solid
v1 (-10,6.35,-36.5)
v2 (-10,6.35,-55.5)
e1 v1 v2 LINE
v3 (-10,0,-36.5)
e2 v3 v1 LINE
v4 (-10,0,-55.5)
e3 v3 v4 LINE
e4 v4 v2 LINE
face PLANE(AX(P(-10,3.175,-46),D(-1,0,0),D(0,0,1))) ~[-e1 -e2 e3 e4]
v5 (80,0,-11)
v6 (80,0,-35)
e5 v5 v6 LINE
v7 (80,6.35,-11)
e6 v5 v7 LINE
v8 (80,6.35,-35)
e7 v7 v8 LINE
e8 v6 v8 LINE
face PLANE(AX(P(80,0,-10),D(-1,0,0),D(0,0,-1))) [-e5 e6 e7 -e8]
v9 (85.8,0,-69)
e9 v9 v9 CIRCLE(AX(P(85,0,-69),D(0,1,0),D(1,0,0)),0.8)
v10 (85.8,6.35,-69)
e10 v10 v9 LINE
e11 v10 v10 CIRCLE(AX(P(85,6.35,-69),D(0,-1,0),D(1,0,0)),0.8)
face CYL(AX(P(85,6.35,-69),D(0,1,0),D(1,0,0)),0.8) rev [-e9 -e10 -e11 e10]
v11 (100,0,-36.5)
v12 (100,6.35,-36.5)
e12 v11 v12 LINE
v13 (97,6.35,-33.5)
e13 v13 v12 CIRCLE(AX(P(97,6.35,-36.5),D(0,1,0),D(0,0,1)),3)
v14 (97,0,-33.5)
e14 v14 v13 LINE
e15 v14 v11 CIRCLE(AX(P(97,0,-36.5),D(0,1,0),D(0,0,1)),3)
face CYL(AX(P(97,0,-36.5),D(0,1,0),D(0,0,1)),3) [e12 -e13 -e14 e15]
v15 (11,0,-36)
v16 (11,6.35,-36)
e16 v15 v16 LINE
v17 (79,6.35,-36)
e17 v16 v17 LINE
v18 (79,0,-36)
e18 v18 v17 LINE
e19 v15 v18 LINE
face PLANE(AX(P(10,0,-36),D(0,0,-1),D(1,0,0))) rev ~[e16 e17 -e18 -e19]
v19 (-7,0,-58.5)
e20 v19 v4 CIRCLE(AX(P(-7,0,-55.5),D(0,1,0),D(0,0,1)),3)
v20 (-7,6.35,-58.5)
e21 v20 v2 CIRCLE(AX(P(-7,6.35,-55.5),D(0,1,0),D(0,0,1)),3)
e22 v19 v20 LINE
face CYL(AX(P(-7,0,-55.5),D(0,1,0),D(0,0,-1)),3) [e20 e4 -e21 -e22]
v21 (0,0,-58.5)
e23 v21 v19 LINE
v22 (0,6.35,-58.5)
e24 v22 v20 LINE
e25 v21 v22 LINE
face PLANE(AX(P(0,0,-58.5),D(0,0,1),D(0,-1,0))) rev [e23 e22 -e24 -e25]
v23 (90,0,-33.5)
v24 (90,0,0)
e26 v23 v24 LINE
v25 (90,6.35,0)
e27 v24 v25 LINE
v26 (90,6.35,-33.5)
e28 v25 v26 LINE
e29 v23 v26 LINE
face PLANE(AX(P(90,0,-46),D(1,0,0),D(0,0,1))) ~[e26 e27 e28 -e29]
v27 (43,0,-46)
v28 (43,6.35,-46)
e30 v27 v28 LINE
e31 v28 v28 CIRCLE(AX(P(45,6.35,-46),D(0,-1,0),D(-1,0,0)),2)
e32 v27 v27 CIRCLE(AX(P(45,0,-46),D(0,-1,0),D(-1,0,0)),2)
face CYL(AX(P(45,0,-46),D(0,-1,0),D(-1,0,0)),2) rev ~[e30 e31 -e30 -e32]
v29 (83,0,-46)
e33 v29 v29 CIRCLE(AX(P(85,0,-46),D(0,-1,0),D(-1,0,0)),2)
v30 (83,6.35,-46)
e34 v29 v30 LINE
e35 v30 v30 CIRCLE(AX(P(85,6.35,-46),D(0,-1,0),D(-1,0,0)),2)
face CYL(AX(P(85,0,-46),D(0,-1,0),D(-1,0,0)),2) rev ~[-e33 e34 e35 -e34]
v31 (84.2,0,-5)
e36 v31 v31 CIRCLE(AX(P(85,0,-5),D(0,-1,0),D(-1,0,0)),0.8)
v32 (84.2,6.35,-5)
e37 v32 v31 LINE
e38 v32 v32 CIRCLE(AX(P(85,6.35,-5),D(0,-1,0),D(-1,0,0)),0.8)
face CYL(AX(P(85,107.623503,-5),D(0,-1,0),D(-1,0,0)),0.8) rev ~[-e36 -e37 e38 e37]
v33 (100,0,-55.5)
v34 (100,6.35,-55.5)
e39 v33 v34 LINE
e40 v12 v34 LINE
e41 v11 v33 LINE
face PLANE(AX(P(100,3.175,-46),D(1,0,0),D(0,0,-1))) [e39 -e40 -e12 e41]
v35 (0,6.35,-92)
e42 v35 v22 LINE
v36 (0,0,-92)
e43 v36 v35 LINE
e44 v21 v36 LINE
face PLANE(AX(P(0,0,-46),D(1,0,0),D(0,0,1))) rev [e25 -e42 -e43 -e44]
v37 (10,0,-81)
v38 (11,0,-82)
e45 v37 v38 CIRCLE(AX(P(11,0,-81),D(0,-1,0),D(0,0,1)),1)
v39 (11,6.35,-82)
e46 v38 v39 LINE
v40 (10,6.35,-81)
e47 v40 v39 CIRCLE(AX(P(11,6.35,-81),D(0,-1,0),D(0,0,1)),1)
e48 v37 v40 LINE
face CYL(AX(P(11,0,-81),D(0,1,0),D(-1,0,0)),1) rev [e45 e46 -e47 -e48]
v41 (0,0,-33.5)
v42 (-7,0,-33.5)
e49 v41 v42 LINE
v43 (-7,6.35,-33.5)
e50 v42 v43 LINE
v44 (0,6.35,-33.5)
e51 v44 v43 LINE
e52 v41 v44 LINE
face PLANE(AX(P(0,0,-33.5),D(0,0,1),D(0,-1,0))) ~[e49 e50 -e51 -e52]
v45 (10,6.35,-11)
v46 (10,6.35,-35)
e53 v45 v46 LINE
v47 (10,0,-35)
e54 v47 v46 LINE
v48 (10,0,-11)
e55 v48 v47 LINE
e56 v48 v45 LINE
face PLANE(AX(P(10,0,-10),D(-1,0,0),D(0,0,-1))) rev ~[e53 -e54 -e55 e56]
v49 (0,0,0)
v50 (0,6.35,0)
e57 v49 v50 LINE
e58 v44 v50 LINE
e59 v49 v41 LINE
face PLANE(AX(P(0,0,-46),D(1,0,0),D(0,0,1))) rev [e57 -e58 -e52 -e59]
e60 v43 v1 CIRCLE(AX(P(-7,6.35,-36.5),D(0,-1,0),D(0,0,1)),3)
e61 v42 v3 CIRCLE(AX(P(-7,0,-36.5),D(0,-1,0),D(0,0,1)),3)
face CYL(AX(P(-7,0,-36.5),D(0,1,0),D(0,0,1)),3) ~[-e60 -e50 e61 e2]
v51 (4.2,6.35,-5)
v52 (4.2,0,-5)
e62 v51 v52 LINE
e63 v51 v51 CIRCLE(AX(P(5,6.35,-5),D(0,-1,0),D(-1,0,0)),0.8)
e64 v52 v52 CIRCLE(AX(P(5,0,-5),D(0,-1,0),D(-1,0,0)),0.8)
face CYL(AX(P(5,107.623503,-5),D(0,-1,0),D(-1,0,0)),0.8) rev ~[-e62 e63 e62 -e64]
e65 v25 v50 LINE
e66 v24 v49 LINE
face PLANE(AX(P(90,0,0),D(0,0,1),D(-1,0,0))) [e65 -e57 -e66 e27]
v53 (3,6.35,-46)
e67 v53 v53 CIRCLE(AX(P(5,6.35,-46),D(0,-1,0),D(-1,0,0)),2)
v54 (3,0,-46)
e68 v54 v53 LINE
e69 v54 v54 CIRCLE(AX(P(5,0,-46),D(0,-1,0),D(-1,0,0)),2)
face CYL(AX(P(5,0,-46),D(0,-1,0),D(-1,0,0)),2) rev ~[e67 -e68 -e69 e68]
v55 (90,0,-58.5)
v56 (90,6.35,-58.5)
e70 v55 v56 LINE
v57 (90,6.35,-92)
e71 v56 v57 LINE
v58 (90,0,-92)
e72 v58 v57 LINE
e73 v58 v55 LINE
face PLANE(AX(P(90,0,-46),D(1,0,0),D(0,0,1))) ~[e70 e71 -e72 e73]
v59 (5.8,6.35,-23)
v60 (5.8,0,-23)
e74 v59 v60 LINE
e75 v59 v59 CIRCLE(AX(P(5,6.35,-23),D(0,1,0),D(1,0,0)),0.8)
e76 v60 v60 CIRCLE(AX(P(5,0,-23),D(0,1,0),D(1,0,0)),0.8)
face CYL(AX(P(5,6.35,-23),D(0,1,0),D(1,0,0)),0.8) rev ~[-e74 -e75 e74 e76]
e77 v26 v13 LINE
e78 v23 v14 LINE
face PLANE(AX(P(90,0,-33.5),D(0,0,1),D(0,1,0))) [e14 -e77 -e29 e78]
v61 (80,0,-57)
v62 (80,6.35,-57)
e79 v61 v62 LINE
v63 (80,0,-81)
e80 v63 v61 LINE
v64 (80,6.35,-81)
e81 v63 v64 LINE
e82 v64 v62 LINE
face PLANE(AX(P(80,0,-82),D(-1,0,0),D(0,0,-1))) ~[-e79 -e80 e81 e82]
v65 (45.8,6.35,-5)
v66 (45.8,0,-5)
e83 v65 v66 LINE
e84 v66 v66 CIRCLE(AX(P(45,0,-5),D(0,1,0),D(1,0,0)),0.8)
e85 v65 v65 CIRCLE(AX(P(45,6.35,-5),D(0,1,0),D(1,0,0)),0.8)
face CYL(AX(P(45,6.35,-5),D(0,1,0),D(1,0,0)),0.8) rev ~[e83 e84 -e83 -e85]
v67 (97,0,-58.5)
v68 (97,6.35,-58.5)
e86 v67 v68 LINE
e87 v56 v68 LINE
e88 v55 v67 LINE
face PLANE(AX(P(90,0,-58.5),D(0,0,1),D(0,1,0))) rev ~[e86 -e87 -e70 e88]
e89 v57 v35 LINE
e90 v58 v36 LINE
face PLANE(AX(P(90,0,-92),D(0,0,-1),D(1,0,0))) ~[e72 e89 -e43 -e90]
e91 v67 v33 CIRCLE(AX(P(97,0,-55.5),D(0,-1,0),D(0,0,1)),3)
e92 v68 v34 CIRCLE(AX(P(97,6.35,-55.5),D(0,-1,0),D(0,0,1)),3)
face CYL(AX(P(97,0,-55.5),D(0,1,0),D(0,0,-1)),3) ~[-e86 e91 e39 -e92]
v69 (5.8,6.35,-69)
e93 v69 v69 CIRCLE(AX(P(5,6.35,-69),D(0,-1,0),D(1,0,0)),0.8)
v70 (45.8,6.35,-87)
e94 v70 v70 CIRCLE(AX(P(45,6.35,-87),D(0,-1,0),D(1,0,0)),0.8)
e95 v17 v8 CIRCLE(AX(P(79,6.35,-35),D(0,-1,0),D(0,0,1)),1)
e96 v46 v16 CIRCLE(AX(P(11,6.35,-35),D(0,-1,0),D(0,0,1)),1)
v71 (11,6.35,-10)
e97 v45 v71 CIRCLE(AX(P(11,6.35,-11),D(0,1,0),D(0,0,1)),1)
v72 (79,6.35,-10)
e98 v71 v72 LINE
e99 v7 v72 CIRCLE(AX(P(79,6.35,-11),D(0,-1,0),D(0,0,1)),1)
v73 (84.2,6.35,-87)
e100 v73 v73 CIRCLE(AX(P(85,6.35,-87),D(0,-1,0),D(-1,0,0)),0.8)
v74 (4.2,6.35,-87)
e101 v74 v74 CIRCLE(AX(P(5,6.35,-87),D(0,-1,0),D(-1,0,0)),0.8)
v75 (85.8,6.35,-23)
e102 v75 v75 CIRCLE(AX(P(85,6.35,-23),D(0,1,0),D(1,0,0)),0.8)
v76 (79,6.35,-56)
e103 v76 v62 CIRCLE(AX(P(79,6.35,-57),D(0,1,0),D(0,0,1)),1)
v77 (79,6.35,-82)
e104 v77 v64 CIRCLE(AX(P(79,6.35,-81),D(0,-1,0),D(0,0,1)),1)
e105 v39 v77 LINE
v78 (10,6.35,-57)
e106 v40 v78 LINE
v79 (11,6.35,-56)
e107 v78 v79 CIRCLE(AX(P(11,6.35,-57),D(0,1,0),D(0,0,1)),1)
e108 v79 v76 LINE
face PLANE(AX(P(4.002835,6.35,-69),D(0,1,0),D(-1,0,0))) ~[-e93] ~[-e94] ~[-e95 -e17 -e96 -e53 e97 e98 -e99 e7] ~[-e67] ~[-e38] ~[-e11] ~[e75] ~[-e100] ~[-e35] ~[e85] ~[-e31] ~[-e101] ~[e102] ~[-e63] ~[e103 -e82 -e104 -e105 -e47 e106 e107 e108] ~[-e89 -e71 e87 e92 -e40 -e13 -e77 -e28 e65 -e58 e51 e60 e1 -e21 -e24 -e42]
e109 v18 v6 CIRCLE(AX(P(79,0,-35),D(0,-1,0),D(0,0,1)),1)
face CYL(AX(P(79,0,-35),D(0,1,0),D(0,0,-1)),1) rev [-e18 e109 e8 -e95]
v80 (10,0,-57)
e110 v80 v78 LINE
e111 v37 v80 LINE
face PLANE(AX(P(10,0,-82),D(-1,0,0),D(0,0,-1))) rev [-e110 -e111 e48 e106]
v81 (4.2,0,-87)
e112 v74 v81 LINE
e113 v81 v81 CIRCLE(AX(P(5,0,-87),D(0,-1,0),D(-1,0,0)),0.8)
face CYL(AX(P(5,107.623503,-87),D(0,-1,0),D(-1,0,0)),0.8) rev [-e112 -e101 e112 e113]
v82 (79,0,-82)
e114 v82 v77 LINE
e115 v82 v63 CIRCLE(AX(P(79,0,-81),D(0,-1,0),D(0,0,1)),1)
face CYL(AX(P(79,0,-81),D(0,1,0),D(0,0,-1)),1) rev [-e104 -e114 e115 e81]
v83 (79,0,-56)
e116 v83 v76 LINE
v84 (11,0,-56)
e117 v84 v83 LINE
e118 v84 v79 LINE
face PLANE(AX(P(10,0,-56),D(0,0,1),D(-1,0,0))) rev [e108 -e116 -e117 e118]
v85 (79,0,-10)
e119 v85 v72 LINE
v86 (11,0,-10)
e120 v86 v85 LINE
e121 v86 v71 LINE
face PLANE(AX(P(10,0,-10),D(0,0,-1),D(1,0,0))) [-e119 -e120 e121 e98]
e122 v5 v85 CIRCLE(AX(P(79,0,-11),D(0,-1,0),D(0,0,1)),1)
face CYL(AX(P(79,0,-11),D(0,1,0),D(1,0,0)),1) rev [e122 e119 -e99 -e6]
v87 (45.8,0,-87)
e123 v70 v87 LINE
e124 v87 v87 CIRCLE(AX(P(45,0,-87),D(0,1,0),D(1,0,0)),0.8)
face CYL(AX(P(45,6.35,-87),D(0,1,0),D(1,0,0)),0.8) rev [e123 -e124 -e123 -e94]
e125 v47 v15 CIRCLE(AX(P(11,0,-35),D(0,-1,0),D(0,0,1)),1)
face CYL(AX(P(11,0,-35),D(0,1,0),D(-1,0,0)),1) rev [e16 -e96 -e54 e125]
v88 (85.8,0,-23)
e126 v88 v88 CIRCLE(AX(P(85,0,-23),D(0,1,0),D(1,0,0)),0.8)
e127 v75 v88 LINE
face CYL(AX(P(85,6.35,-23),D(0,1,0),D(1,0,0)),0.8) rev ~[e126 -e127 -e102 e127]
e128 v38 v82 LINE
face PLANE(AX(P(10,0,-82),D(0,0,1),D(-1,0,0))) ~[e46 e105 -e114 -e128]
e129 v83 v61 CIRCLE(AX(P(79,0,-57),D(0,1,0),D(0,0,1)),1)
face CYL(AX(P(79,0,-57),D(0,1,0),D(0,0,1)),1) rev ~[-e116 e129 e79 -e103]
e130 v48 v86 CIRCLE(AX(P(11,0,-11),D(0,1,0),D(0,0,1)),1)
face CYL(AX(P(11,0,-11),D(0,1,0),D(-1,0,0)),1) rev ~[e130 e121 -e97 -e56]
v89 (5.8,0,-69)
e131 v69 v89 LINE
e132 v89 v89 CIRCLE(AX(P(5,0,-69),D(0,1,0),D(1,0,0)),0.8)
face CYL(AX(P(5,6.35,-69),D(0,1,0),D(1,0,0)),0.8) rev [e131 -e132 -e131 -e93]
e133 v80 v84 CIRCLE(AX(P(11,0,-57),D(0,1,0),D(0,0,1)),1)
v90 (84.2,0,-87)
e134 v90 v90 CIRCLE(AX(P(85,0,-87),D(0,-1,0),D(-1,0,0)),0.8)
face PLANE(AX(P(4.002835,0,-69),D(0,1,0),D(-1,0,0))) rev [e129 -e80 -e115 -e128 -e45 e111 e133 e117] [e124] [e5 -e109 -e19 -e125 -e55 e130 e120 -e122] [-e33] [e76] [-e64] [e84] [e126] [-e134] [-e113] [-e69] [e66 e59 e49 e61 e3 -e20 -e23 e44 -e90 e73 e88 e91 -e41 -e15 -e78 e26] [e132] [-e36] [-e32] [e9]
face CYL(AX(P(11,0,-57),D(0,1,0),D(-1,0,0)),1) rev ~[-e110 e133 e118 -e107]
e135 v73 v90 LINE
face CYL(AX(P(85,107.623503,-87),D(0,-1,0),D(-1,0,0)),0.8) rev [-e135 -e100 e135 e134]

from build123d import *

# Parameters (mm, degrees)
BOSS_EXTRUDE1_DEPTH         = 6.35
FILLET1_R                   = 1
TAP_DRILL_FOR_M2X0_4_TAP1_D = 1.6
SKETCH7_R                   = 0.8
CUT_EXTRUDE1_DEPTH          = 7.35
FILLET1_OF_MIRROR1_R        = 1
SKETCH6_W                   = 25
SKETCH6_H                   = 6.35
BOSS_EXTRUDE2_DEPTH         = 10
FILLET2_R                   = 3
FILLET2_OF_MIRROR2_R        = 3
SKETCH8_R                   = 2
CUT_EXTRUDE2_DEPTH          = 10


with BuildPart() as part:
    # Sketch1 → Boss-Extrude1 (new body)
    with BuildSketch(Plane(origin=(0, 0, 0), x_dir=(1, 0, 0), z_dir=(0, 1, 0))):
        Polygon((10, 10), (10, 36), (0, 46), (0, 0), align=None)
        Polygon((10, 36), (80, 36), (90, 46), (0, 46), align=None)
        Polygon((80, 10), (90, 0), (0, 0), (10, 10), align=None)
        Polygon((80, 10), (80, 36), (90, 46), (90, 0), align=None)
    boss_extrude1 = extrude(amount=BOSS_EXTRUDE1_DEPTH)

    # Fillet1
    fillet1_edges = [part.edges().sort_by_distance(p)[0] for p in [
        (10, 3.175, -10),
        (80, 3.175, -10),
        (80, 3.175, -36),
        (10, 3.175, -36),
    ]]
    fillet(fillet1_edges, radius=FILLET1_R)

    # Tap Drill for M2x0.4 Tap1 (through all)
    with Locations(Plane(origin=(0, 6.35, 0), x_dir=(1, 0, 0), z_dir=(0, 1, 0))):
        with Locations((85, 5), (5, 5)):
            tap_drill_for_m2x0_4_tap1 = Hole(TAP_DRILL_FOR_M2X0_4_TAP1_D / 2)

    # Sketch7 → Cut-Extrude1 (cut, through all)
    with BuildSketch(Plane(origin=(0, 6.35, 0), x_dir=(1, 0, 0), z_dir=(0, 1, 0))):
        with Locations((85, 23)):
            Circle(SKETCH7_R)
        with Locations((45, 5)):
            Circle(SKETCH7_R)
        with Locations((5, 23)):
            Circle(SKETCH7_R)
    cut_extrude1 = extrude(amount=-CUT_EXTRUDE1_DEPTH, mode=Mode.SUBTRACT)

    # Mirror1: Boss-Extrude1, Tap Drill for M2x0.4 Tap1 across plane
    add(boss_extrude1.mirror(Plane(origin=(0, 0, -46), x_dir=(1, 0, 0), z_dir=(0, 0, -1))))
    add(tap_drill_for_m2x0_4_tap1.mirror(Plane(origin=(0, 0, -46), x_dir=(1, 0, 0), z_dir=(0, 0, -1))), mode=Mode.SUBTRACT)

    # Fillet1 of Mirror1
    fillet1_of_mirror1_edges = [part.edges().sort_by_distance(p)[0] for p in [
        (10, 3.175, -82),
        (80, 3.175, -82),
        (80, 3.175, -56),
        (10, 3.175, -56),
    ]]
    fillet(fillet1_of_mirror1_edges, radius=FILLET1_OF_MIRROR1_R)

    # Sketch6 → Boss-Extrude2 (add)
    with BuildSketch(Plane(origin=(90, 0, 0), x_dir=(0, 0, -1), z_dir=(1, 0, 0))):
        with Locations((46, 3.175)):
            Rectangle(SKETCH6_W, SKETCH6_H)
    boss_extrude2 = extrude(amount=BOSS_EXTRUDE2_DEPTH)

    # Fillet2
    fillet2_edges = [part.edges().sort_by_distance(p)[0] for p in [
        (100, 3.175, -58.5),
        (100, 3.175, -33.5),
    ]]
    fillet(fillet2_edges, radius=FILLET2_R)

    # Mirror2: Boss-Extrude2 across plane
    add(boss_extrude2.mirror(Plane.ZY.offset(-45)))

    # Fillet2 of Mirror2
    fillet2_of_mirror2_edges = [part.edges().sort_by_distance(p)[0] for p in [
        (-10, 3.175, -58.5),
        (-10, 3.175, -33.5),
    ]]
    fillet(fillet2_of_mirror2_edges, radius=FILLET2_OF_MIRROR2_R)

    # Mirror3: Cut-Extrude1 across plane
    add(cut_extrude1.mirror(Plane(origin=(0, 0, -46), x_dir=(1, 0, 0), z_dir=(0, 0, -1))), mode=Mode.SUBTRACT)

    # Sketch8 → Cut-Extrude2 (cut)
    with BuildSketch(Plane(origin=(0, 0, 0), x_dir=(-1, 0, 0), z_dir=(0, -1, 0))):
        with Locations((-45, 46)):
            Circle(SKETCH8_R)
        with Locations((-85, 46)):
            Circle(SKETCH8_R)
        with Locations((-5, 46)):
            Circle(SKETCH8_R)
    extrude(amount=-CUT_EXTRUDE2_DEPTH, mode=Mode.SUBTRACT)


solid = part.part
